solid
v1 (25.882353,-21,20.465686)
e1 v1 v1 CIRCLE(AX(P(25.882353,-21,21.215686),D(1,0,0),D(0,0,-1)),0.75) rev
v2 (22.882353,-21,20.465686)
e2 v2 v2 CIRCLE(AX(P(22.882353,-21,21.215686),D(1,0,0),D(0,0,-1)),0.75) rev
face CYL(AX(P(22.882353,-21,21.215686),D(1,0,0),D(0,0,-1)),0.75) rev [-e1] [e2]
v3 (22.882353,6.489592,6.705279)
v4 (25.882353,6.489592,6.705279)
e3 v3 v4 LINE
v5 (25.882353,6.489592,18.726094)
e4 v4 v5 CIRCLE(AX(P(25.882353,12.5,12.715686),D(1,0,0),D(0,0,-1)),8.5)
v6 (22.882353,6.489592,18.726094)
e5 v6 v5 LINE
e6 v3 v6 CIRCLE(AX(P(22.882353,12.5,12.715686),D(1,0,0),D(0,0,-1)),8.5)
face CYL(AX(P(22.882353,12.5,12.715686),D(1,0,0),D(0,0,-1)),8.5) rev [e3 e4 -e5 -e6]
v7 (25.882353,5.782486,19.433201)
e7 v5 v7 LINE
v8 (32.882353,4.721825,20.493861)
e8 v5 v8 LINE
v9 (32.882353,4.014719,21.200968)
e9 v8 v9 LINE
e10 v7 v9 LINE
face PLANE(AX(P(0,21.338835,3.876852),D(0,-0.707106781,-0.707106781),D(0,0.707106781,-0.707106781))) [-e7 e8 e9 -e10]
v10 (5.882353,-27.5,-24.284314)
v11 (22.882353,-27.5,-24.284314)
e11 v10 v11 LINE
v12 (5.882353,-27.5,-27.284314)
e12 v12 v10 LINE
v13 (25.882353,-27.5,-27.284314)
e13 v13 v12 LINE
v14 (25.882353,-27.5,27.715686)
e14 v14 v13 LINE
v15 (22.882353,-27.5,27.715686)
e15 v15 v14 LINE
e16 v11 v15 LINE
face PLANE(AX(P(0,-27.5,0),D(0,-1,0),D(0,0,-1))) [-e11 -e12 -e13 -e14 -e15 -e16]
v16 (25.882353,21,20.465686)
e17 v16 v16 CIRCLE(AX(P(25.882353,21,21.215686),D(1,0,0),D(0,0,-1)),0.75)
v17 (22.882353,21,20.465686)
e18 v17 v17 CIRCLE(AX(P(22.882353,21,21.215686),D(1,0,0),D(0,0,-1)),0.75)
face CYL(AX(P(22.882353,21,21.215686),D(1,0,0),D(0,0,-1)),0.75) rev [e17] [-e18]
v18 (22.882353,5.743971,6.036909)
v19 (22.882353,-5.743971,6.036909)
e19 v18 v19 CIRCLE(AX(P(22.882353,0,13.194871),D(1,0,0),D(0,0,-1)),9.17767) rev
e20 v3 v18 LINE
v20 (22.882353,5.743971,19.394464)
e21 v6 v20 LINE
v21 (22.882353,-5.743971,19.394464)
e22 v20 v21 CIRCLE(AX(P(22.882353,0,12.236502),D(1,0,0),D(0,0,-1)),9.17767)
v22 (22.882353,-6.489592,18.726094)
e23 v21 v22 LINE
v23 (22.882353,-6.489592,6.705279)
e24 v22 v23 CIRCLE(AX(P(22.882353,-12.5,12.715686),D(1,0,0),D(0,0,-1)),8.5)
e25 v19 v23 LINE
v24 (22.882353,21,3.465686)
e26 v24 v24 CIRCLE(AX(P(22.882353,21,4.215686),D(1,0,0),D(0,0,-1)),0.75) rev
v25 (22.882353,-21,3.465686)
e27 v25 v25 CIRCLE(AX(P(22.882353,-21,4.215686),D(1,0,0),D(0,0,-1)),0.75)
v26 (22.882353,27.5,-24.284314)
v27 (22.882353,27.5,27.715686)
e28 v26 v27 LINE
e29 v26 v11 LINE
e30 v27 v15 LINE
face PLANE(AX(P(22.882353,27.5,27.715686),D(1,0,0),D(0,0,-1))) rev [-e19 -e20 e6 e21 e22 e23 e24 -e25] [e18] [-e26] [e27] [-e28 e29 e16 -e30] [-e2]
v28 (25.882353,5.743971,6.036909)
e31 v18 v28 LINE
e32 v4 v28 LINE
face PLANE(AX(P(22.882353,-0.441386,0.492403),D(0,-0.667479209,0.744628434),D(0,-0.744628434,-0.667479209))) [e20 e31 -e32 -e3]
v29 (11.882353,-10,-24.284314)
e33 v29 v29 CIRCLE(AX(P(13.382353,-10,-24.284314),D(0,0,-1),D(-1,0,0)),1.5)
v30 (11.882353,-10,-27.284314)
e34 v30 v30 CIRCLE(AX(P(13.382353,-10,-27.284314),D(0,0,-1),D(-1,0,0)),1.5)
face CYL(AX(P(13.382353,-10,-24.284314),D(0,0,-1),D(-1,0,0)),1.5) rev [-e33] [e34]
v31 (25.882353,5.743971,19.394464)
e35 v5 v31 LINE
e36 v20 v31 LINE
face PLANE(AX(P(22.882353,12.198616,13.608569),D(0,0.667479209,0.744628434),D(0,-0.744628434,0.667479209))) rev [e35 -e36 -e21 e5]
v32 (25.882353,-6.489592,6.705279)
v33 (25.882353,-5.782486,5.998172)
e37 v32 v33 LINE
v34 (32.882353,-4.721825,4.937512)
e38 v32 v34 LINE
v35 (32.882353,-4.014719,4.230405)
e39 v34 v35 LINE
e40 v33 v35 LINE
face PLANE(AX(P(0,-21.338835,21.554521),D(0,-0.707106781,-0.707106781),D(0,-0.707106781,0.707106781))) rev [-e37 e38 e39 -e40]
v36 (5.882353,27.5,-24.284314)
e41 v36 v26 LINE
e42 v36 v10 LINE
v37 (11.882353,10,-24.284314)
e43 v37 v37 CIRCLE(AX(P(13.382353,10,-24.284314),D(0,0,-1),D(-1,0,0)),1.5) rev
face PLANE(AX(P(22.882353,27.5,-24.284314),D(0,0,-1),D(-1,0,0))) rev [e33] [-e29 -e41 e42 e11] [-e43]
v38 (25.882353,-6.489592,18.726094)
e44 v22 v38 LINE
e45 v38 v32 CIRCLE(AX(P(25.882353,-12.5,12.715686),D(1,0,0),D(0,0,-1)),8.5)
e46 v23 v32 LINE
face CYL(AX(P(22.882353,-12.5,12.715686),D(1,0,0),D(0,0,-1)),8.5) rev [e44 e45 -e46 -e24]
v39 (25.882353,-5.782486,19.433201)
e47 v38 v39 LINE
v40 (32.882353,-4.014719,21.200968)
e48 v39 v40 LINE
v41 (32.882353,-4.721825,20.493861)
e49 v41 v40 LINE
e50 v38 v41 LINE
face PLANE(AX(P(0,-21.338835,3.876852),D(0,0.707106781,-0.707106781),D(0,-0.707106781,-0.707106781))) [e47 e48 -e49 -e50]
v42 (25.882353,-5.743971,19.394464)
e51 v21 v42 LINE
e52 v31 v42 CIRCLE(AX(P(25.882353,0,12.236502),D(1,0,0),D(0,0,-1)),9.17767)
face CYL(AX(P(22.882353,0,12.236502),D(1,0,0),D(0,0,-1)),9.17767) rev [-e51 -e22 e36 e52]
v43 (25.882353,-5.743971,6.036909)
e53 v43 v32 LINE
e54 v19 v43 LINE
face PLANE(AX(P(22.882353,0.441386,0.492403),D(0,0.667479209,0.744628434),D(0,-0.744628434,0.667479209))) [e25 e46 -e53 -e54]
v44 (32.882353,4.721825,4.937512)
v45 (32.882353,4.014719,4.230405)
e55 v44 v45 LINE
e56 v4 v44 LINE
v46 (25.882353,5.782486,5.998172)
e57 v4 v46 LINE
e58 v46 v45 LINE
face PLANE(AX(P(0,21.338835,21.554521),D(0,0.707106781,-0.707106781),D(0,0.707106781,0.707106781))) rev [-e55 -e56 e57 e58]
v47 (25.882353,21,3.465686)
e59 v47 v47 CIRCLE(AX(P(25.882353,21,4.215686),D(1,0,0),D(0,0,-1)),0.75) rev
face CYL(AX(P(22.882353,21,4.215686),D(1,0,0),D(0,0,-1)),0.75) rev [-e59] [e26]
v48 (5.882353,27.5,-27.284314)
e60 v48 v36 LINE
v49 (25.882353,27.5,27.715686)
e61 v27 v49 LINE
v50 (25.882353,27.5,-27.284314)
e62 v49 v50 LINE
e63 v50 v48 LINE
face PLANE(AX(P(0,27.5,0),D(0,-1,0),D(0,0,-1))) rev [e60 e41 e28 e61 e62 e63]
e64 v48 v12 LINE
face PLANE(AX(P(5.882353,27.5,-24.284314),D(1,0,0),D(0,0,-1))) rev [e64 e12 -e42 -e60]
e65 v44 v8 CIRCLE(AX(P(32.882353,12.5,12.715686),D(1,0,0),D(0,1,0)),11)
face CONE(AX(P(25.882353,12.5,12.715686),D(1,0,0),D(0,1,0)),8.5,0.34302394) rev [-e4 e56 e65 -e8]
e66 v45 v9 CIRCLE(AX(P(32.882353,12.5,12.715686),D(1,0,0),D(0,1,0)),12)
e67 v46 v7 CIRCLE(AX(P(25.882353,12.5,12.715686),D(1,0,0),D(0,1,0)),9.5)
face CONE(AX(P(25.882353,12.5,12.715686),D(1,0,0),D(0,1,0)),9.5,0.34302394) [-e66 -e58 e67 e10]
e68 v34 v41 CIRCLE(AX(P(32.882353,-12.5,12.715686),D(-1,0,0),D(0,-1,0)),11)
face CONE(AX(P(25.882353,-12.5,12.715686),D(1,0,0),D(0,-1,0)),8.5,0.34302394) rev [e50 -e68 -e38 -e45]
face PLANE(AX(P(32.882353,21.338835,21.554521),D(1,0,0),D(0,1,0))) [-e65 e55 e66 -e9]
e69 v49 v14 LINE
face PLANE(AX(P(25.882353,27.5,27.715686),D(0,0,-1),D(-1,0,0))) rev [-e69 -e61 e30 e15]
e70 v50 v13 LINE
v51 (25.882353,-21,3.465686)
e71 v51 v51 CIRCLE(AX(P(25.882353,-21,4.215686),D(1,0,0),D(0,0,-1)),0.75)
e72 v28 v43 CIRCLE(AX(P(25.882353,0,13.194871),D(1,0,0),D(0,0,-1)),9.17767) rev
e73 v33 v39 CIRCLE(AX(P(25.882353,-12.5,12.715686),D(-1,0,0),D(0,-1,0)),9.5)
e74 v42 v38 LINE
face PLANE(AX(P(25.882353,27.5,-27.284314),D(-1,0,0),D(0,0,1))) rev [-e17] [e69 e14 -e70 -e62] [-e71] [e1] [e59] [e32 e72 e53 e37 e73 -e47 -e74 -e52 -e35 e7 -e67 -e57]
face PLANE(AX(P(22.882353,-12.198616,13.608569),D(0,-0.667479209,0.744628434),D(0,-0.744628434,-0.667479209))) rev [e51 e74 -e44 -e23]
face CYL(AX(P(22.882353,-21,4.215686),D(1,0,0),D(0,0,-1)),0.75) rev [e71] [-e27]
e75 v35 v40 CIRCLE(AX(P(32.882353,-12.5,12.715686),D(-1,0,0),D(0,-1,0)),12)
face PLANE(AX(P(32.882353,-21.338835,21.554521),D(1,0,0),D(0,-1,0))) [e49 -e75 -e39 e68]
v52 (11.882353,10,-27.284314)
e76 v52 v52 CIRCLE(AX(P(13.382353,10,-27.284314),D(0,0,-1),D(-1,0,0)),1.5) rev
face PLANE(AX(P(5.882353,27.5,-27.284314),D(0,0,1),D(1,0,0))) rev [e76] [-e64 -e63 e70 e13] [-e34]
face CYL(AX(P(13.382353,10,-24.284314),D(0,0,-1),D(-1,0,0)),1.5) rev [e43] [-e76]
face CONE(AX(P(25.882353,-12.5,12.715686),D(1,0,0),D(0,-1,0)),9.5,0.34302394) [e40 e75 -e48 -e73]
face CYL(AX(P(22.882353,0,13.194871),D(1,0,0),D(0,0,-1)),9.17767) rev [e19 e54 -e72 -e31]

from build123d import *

# Parameters (mm, degrees)
EXTRUDE_1_DEPTH     = 27.5
SKETCH_2_R          = 1.5
CUT_EXTRUDE_1_DEPTH = 3
SKETCH_3_R          = 0.75
CUT_EXTRUDE_3_DEPTH = 3
REVOLVE_1_ANGLE     = 270


with BuildPart() as part:
    # 草图1 → 凸台-拉伸1 (new, symmetric)
    with BuildSketch(Plane(origin=(0, 0, 0), x_dir=(1, 0, 0), z_dir=(0, 1, 0))):
        Polygon((5.882352941, 27.284313725), (25.882352941, 27.284313725), (25.882352941, -27.715686275), (22.882352941, -27.715686275), (22.882352941, 24.284313725), (5.882352941, 24.284313725), align=None)
    extrude(amount=EXTRUDE_1_DEPTH, both=True)

    # 草图2 → 切除-拉伸1 (cut)
    with BuildSketch(Plane(origin=(0, 0, -27.284313725), x_dir=(-1, 0, 0), z_dir=(0, 0, -1))):
        with Locations((-13.382352941, 10)):
            Circle(SKETCH_2_R)
        with Locations((-13.382352941, -10)):
            Circle(SKETCH_2_R)
    extrude(amount=-CUT_EXTRUDE_1_DEPTH, mode=Mode.SUBTRACT)

    # 草图3 → 切除-拉伸3 (cut)
    with BuildSketch(Plane(origin=(25.882352941, 0, 0), x_dir=(0, 0, -1), z_dir=(1, 0, 0))):
        with BuildLine():
            ThreePointArc((-19.394463571, 5.743970558), (-21.414171084, 0), (-19.394463571, -5.743970558))
            Line((-19.394463571, -5.743970558), (-18.726093915, -6.48959236))
            ThreePointArc((-18.726093915, -6.48959236), (-12.715686275, -21), (-6.705278634, -6.48959236))
            Line((-6.705278634, -6.48959236), (-6.036908978, -5.743970558))
            ThreePointArc((-6.036908978, -5.743970558), (-4.017201465, 0), (-6.036908978, 5.743970558))
            Line((-6.036908978, 5.743970558), (-6.705278634, 6.48959236))
            ThreePointArc((-6.705278634, 6.48959236), (-12.715686275, 21), (-18.726093915, 6.48959236))
            Line((-18.726093915, 6.48959236), (-19.394463571, 5.743970558))
        make_face()
        with Locations((-4.215686275, -21)):
            Circle(SKETCH_3_R)
        with Locations((-21.215686275, -21)):
            Circle(SKETCH_3_R)
        with Locations((-4.215686275, 21)):
            Circle(SKETCH_3_R)
        with Locations((-21.215686275, 21)):
            Circle(SKETCH_3_R)
    extrude(amount=-CUT_EXTRUDE_3_DEPTH, mode=Mode.SUBTRACT)

    # 草图5 → 旋转1 (revolve, symmetric)
    with BuildSketch(Plane(origin=(0, 0, 12.715686275), x_dir=(0, -1, 0), z_dir=(0, 0, 1))) as revolve_1_sk:
        Polygon((-22, 25.882352941), (-24.5, 32.882352941), (-23.5, 32.882352941), (-21, 25.882352941), align=None)
    revolve_1 = revolve(axis=Axis((32.882352941, 12.5, 12.715686275), (-1, 0, 0)), revolution_arc=REVOLVE_1_ANGLE / 2)
    revolve_1 = revolve_1 + revolve(revolve_1_sk.sketch, axis=Axis((32.882352941, 12.5, 12.715686275), (1, 0, 0)), revolution_arc=REVOLVE_1_ANGLE / 2)

    # 镜向1: 旋转1 across plane
    add(revolve_1.mirror(Plane.ZX))


solid = part.part
